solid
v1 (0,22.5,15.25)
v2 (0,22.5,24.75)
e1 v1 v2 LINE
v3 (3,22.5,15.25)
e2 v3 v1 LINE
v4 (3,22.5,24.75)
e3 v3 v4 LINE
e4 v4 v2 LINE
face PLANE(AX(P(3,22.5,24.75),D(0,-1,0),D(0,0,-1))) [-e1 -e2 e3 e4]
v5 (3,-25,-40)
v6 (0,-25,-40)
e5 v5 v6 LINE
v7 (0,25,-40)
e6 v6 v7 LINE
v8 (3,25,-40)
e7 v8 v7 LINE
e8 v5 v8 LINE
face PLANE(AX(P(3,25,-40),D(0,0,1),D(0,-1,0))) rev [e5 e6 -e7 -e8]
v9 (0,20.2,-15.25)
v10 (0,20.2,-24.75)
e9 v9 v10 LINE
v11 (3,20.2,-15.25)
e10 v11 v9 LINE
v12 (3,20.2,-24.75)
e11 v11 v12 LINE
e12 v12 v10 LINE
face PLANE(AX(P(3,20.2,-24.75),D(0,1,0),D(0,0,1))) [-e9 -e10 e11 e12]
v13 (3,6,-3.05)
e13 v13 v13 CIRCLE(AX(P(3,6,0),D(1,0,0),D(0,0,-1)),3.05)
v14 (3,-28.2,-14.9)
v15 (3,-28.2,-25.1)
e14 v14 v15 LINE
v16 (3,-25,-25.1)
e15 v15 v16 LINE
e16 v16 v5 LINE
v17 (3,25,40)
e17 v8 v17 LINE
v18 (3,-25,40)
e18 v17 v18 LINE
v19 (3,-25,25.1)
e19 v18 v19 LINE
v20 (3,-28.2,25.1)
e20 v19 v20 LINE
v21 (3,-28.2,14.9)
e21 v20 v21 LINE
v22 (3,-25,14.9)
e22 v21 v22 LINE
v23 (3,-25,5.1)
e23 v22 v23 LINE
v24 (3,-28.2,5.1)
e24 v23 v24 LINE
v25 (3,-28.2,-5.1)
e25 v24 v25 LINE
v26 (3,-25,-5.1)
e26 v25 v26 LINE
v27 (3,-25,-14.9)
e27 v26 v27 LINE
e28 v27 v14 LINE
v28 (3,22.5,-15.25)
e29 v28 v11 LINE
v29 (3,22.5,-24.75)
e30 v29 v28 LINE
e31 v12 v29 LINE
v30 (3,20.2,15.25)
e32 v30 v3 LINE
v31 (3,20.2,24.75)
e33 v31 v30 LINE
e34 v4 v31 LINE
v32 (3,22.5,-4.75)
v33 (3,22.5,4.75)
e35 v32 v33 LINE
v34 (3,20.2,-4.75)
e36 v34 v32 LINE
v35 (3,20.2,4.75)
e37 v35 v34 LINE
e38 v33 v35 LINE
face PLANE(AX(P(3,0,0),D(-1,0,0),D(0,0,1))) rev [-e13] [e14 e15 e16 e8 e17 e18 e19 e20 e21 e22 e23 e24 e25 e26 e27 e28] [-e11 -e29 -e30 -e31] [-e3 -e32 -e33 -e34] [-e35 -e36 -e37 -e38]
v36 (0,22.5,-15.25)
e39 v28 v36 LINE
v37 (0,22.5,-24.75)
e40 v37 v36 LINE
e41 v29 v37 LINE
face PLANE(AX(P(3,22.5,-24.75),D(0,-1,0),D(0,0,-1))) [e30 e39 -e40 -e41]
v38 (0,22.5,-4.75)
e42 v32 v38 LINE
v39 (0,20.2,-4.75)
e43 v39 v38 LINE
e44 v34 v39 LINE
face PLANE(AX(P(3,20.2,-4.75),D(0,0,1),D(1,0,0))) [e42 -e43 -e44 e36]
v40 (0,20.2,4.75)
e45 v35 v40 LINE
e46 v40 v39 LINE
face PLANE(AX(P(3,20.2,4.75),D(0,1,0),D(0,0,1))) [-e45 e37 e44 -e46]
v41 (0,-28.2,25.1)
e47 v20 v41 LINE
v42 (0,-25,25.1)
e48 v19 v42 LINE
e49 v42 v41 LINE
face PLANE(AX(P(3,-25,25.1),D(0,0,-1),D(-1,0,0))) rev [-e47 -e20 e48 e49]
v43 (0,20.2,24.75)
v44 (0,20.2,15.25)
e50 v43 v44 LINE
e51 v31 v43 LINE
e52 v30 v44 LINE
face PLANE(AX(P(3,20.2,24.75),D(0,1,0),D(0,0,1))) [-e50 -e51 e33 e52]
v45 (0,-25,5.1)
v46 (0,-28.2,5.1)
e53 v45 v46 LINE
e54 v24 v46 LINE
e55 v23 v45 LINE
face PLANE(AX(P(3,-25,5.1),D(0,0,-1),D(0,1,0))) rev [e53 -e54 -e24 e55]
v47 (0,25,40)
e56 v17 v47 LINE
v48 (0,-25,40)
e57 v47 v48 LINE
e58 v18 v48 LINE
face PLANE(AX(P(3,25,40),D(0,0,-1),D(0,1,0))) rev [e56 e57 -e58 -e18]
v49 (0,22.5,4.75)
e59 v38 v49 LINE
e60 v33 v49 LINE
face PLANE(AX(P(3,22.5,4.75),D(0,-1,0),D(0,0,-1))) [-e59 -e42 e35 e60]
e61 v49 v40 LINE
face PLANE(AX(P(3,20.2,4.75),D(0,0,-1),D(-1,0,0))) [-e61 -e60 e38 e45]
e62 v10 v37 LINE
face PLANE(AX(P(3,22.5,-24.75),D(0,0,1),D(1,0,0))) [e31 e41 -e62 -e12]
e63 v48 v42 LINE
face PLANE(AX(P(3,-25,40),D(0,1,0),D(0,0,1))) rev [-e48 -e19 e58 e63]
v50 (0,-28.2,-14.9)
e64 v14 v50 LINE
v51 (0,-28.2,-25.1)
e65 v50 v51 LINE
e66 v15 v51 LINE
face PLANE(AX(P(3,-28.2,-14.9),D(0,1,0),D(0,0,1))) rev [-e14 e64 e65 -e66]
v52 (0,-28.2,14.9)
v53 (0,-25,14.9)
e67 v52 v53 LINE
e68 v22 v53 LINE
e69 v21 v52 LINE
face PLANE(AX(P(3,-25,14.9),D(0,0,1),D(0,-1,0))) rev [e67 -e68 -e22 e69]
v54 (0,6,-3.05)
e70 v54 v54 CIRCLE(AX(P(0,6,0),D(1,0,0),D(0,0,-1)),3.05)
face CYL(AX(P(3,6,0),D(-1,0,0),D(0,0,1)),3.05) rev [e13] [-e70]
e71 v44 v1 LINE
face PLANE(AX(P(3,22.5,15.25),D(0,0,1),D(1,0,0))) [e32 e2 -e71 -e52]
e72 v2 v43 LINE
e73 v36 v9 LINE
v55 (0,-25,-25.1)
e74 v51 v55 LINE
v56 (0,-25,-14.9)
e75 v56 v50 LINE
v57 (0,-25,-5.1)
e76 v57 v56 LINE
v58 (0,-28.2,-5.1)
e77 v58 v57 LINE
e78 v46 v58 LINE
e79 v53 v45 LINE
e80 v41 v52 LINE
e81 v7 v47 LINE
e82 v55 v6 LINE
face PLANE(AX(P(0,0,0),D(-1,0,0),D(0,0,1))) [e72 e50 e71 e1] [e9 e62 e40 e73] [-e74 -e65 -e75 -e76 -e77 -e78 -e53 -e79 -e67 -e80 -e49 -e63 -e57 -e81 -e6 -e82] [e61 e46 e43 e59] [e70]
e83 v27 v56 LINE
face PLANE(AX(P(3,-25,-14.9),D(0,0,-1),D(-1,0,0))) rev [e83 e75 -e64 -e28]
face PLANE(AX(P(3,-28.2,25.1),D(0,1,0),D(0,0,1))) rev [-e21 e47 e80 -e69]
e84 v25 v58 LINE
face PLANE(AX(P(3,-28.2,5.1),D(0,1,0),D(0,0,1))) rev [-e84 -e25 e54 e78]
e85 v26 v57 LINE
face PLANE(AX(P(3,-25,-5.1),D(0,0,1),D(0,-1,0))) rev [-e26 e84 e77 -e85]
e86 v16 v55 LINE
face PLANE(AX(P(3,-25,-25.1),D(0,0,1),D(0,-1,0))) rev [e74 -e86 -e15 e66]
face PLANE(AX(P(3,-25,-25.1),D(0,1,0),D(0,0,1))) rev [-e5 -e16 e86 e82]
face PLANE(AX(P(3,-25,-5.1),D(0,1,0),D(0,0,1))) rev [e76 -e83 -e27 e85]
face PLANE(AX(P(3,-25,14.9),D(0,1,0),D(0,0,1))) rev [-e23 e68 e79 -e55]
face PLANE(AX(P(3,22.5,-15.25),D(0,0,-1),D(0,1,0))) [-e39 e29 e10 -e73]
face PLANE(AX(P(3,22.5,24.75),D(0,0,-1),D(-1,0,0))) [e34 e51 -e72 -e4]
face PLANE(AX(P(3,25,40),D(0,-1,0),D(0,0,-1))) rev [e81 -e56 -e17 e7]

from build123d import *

# Parameters (mm, degrees)
CROQUIS1_R              = 3.05
CROQUIS1_W              = 9.5
CROQUIS1_H              = 2.3
SALIENTE_EXTRUIR1_DEPTH = 3


with BuildPart() as part:
    # Croquis1 → Saliente-Extruir1 (new body)
    with BuildSketch(Plane(origin=(0, 0, 0), x_dir=(0, 0, -1), z_dir=(1, 0, 0))):
        Polygon((-14.9, -25), (-5.1, -25), (-5.1, -28.2), (5.1, -28.2), (5.1, -25), (14.9, -25), (14.9, -28.2), (25.1, -28.2), (25.1, -25), (40, -25), (40, 25), (-40, 25), (-40, -25), (-25.1, -25), (-25.1, -28.2), (-14.9, -28.2), align=None)
        with Locations((0, 6)):
            Circle(CROQUIS1_R, mode=Mode.SUBTRACT)
        with Locations((-20, 21.35)):
            Rectangle(CROQUIS1_W, CROQUIS1_H, mode=Mode.SUBTRACT)
        with Locations((0, 21.35)):
            Rectangle(CROQUIS1_W, CROQUIS1_H, mode=Mode.SUBTRACT)
        with Locations((20, 21.35)):
            Rectangle(CROQUIS1_W, CROQUIS1_H, mode=Mode.SUBTRACT)
    extrude(amount=SALIENTE_EXTRUIR1_DEPTH)


solid = part.part
